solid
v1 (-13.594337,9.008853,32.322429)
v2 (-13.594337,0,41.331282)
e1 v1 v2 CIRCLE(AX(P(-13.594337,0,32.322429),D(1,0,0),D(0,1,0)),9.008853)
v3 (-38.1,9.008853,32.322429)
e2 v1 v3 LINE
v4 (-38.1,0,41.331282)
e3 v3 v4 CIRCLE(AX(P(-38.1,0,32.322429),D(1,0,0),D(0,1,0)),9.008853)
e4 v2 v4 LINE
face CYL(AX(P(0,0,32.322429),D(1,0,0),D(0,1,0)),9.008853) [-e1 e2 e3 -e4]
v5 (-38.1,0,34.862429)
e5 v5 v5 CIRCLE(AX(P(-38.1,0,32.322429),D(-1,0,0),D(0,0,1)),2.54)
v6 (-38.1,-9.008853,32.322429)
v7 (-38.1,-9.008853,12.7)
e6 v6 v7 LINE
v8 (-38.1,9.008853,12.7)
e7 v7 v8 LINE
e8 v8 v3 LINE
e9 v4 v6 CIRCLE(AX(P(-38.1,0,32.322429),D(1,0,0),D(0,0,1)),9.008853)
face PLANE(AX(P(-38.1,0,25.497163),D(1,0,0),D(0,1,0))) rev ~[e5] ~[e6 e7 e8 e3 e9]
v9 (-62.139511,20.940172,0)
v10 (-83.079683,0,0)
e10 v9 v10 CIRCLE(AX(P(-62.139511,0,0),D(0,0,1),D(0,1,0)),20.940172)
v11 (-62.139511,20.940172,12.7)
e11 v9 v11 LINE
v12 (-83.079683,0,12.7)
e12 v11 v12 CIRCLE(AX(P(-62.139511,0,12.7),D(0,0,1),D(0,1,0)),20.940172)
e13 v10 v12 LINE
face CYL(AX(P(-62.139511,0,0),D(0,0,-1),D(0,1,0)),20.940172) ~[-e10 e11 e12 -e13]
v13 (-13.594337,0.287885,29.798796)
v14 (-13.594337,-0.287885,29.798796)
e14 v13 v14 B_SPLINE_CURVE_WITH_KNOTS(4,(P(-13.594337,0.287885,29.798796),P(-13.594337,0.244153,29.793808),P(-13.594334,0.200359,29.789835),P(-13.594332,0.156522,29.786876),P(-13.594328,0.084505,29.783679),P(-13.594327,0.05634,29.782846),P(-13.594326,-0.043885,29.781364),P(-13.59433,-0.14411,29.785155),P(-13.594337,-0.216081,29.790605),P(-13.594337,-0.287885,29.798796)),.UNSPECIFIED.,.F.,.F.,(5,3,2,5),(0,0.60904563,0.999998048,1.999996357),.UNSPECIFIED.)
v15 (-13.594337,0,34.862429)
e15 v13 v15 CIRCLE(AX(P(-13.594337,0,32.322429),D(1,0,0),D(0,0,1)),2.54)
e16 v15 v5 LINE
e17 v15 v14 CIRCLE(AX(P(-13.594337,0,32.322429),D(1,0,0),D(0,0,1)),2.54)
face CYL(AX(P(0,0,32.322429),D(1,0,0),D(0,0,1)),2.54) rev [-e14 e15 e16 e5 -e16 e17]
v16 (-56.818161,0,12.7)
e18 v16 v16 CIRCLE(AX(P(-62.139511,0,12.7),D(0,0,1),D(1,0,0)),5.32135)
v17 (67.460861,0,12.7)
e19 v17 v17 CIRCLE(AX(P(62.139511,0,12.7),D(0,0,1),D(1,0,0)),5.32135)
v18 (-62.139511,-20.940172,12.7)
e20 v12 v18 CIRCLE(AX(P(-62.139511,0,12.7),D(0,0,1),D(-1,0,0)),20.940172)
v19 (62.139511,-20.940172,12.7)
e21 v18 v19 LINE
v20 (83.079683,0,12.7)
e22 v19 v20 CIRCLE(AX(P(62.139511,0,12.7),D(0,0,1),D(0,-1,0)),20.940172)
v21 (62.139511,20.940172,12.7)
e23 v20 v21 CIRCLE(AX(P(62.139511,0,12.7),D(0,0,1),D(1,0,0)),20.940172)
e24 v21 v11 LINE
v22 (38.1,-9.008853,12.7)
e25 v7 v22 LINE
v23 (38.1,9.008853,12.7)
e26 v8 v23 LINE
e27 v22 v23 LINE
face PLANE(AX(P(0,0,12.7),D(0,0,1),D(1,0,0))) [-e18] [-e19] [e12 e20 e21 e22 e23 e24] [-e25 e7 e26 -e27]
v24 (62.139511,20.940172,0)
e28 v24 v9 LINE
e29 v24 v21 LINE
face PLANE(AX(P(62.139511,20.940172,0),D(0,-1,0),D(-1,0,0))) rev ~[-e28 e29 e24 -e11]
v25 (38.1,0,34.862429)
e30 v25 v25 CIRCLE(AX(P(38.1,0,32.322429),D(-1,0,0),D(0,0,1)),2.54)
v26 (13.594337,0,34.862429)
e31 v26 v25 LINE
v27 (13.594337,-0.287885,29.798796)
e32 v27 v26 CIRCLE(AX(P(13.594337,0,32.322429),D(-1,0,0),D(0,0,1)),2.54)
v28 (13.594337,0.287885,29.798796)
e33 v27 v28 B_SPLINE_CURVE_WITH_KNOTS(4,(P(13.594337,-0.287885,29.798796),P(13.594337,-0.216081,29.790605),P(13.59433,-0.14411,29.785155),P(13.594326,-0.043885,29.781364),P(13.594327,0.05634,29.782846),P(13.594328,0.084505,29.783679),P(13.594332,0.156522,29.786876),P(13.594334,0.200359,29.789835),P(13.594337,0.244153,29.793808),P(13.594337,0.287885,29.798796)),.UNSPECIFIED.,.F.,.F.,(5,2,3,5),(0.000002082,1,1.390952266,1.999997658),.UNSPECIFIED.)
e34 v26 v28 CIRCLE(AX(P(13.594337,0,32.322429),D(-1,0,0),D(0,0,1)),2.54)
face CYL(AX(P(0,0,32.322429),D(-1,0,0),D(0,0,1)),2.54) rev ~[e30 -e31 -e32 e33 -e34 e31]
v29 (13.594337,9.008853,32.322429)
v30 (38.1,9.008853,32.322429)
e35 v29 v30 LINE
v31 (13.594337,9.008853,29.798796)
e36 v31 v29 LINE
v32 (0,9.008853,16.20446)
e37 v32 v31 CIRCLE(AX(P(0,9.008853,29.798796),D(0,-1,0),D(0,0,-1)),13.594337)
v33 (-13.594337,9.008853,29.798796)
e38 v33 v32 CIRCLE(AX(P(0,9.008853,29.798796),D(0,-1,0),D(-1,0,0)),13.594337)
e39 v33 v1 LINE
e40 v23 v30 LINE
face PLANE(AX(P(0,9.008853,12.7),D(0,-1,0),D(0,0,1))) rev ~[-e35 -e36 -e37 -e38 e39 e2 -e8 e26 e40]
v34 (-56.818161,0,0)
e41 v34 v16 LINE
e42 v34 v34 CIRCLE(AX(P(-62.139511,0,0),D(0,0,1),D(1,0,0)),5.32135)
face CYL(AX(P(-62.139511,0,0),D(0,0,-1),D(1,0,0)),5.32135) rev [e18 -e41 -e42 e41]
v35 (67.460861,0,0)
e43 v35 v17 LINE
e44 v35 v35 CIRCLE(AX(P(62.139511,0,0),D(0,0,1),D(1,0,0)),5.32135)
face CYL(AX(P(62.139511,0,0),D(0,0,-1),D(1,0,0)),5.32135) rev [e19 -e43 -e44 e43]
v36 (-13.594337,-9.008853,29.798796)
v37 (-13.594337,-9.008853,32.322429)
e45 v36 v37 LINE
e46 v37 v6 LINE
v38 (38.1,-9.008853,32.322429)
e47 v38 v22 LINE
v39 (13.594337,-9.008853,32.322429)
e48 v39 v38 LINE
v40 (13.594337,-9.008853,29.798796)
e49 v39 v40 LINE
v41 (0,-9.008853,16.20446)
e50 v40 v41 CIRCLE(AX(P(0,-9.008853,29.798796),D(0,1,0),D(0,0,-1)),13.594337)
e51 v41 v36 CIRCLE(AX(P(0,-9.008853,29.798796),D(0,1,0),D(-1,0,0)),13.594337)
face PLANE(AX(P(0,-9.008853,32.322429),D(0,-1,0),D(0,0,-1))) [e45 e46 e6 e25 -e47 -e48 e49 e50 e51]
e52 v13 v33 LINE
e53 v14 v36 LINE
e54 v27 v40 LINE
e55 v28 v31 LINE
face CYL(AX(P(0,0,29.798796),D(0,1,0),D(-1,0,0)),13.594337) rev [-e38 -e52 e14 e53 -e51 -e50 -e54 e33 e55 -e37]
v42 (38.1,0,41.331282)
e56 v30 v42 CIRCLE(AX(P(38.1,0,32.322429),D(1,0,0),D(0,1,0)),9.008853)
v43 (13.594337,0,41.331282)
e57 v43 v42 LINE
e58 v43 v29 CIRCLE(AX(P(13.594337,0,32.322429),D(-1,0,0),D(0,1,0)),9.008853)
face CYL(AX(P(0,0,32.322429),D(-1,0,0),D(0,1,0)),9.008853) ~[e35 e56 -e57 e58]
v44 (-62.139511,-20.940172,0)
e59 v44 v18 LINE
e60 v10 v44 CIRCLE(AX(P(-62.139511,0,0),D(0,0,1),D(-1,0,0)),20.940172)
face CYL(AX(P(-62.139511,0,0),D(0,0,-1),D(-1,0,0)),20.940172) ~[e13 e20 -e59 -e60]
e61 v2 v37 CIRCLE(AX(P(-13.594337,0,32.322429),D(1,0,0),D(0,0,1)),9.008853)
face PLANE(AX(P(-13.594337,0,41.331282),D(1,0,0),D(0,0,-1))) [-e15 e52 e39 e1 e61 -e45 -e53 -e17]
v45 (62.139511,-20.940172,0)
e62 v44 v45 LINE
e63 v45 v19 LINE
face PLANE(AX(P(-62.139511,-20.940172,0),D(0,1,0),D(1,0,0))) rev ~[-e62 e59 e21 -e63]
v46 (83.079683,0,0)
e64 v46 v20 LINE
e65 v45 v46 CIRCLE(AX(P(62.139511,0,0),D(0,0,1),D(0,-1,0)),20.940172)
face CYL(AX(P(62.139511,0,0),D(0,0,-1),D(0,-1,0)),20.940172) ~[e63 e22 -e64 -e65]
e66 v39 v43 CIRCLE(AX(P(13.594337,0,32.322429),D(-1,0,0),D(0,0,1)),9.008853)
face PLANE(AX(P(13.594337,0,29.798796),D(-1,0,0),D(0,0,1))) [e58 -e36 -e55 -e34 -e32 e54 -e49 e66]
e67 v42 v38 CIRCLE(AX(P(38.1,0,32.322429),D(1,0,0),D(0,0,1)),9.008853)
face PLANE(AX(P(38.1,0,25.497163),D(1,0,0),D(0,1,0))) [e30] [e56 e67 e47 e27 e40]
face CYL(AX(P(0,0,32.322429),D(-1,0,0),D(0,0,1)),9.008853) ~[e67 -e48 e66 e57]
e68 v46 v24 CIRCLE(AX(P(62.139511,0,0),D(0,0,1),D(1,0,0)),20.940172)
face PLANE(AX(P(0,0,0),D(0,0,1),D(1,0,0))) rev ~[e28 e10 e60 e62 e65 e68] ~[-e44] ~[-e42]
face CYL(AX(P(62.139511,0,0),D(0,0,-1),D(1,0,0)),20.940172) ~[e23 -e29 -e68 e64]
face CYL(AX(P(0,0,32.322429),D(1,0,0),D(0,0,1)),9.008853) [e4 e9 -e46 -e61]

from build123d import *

# Parameters (mm, degrees)
F0_R          = 5.3213500883
F1_DEPTH      = 12.7
F3_DEPTH      = 38.1
F3_DEPTH_BACK = 38.1
F5_DEPTH      = 20.9411715547
F5_DEPTH_BACK = 20.9411715547


with BuildPart() as f1:
    # F0 (on Top) → F1 (new body)
    with BuildSketch(Plane.XY):
        with BuildLine():
            Line((62.1395111084, 20.9401715547), (0, 20.9401715547))
            Line((0, 20.9401715547), (-62.1395111084, 20.9401715547))
            ThreePointArc((-62.1395111084, 20.9401715547), (-76.9464484139, 14.8069373055), (-83.0796826631, 0))
            ThreePointArc((-83.0796826631, 0), (-76.9464484139, -14.8069373055), (-62.1395111084, -20.9401715547))
            Line((-62.1395111084, -20.9401715547), (0, -20.9401715547))
            Line((0, -20.9401715547), (62.1395111084, -20.9401715547))
            ThreePointArc((62.1395111084, -20.9401715547), (76.9464484139, -14.8069373055), (83.0796826631, 0))
            ThreePointArc((83.0796826631, 0), (76.9464484139, 14.8069373055), (62.1395111084, 20.9401715547))
        make_face()
        with Locations((-62.1395111084, 0)):
            Circle(F0_R, mode=Mode.SUBTRACT)
        with Locations((62.1395111084, 0)):
            Circle(F0_R, mode=Mode.SUBTRACT)
    extrude(amount=F1_DEPTH)

    # F2 (on Right) → F3 (join, two sides)
    with BuildSketch(Plane.YZ) as f3_sk:
        with BuildLine():
            Line((-9.0088532658, 12.7), (0, 12.7))
            Line((0, 12.7), (9.0088532658, 12.7))
            Line((9.0088532658, 12.7), (9.0088532658, 32.3224291205))
            ThreePointArc((9.0088532658, 32.3224291205), (6.370221235, 38.6926503555), (0, 41.3312823864))
            ThreePointArc((0, 41.3312823864), (-6.370221235, 38.6926503555), (-9.0088532658, 32.3224291205))
            Line((-9.0088532658, 32.3224291205), (-9.0088532658, 12.7))
        make_face()
        with BuildLine():
            ThreePointArc((0, 29.7824291205), (-2.54, 32.3224291205), (0, 34.8624291205))
            ThreePointArc((0, 34.8624291205), (2.54, 32.3224291205), (0, 29.7824291205))
        make_face(mode=Mode.SUBTRACT)
    extrude(amount=F3_DEPTH)
    extrude(f3_sk.sketch, amount=-F3_DEPTH_BACK)

    # F4 (on Front) → F5 (cut, two sides)
    with BuildSketch(Plane.XZ) as f5_sk:
        with BuildLine():
            Line((13.5943368077, 41.3312823864), (-13.5943368077, 41.3312823864))
            Line((-13.5943368077, 41.3312823864), (-13.5943368077, 29.7987964004))
            ThreePointArc((-13.5943368077, 29.7987964004), (-9.6126477425, 20.1861486579), (0, 16.2044595927))
            ThreePointArc((0, 16.2044595927), (9.6126477425, 20.1861486579), (13.5943368077, 29.7987964004))
            Line((13.5943368077, 29.7987964004), (13.5943368077, 41.3312823864))
        make_face()
    extrude(amount=-F5_DEPTH, mode=Mode.SUBTRACT)
    extrude(f5_sk.sketch, amount=F5_DEPTH_BACK, mode=Mode.SUBTRACT)


solid = f1.part
